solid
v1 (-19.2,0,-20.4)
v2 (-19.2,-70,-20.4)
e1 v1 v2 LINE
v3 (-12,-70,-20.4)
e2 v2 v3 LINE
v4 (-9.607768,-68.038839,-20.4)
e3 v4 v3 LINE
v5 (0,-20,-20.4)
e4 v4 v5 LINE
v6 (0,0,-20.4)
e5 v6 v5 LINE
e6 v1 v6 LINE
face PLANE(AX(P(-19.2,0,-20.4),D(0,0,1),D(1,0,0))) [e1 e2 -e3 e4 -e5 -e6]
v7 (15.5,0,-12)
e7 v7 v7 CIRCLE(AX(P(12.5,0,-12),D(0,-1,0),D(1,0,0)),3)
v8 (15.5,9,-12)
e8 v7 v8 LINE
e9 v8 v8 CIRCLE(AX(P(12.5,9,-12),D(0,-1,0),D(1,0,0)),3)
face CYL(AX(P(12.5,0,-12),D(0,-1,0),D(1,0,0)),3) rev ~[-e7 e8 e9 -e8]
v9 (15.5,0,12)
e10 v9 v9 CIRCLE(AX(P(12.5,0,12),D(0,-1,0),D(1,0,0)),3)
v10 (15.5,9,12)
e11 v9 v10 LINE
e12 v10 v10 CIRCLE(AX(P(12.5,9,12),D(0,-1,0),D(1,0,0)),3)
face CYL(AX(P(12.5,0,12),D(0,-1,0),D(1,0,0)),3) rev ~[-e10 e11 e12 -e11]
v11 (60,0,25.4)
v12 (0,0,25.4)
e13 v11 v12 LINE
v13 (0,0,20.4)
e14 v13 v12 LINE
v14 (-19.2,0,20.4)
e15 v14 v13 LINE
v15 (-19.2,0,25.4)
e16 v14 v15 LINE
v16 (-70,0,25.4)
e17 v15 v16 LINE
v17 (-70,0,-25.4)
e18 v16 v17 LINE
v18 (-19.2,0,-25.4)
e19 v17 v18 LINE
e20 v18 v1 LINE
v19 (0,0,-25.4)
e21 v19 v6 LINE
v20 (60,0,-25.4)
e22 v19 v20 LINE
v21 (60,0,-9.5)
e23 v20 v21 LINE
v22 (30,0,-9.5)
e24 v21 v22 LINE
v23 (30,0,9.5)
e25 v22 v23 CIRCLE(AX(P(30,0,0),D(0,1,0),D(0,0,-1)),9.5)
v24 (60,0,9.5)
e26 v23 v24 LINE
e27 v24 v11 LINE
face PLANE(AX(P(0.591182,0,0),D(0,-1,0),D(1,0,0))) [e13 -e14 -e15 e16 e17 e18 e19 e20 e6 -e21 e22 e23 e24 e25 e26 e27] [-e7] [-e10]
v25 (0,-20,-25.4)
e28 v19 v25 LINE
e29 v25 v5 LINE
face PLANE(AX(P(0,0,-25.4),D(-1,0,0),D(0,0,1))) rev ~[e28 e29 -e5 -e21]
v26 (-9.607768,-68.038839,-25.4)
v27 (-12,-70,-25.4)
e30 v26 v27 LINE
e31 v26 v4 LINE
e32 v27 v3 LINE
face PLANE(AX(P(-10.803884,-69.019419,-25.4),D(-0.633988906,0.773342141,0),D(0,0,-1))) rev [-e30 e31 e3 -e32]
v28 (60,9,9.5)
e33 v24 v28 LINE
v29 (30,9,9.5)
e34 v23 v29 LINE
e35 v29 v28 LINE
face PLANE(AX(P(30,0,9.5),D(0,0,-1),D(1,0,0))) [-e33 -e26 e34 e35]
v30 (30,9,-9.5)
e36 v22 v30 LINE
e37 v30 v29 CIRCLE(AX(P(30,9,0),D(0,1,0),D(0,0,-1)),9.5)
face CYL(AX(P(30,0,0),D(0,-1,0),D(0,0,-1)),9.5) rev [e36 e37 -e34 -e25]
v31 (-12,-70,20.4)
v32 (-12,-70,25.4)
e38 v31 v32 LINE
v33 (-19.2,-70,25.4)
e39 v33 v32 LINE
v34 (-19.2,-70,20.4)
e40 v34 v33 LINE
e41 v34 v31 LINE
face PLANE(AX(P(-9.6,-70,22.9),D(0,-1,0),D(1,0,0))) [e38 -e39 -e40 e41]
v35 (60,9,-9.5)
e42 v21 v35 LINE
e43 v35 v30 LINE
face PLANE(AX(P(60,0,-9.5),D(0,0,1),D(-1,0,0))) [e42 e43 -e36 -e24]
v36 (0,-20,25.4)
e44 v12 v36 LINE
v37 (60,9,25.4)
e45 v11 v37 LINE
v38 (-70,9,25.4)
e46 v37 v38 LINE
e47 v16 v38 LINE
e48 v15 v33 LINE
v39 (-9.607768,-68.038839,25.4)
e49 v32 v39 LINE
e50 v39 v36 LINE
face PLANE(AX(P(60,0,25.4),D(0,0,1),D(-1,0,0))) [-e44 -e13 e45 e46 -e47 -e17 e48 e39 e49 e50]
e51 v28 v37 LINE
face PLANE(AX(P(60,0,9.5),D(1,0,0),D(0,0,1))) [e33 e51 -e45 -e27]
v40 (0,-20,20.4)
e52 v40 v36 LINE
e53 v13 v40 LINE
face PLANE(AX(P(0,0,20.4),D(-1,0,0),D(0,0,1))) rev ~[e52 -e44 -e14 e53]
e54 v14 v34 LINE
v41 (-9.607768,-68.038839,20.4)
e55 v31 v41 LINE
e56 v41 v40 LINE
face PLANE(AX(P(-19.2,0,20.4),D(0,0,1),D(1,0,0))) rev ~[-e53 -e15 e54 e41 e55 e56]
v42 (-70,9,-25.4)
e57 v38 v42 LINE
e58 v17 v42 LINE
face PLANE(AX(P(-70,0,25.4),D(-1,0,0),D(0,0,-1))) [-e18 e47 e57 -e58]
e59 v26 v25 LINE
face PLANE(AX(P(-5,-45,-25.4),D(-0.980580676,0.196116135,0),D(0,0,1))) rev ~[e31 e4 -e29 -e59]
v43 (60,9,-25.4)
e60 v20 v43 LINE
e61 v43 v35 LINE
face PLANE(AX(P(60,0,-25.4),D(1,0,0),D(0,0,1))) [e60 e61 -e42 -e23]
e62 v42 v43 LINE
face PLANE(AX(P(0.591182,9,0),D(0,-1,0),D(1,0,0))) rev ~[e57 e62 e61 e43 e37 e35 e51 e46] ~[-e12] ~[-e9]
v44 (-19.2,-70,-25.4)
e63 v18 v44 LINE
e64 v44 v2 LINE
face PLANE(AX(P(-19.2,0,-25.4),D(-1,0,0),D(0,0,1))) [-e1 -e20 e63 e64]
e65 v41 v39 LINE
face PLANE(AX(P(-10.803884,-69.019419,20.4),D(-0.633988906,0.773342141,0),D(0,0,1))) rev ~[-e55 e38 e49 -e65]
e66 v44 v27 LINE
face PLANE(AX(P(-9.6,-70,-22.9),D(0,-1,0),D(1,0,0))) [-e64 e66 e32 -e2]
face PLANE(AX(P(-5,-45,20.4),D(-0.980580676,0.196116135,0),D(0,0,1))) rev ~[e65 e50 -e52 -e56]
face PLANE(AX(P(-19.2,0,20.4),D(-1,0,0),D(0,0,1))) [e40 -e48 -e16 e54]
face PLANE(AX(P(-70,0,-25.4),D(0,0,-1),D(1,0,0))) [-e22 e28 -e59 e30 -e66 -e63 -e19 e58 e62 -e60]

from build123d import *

# Parameters (mm, degrees)
F0_R     = 3
F0_W     = 20
F0_H     = 5
F1_DEPTH = 9
F2_W     = 19.2
F2_H     = 5
F3_DEPTH = 70
F4_SIZE2 = 50
F4_SIZE  = 10
F5_SIZE2 = 50
F5_SIZE  = 10
F6_SIZE  = 2


with BuildPart() as f1:
    # F0 (on Front) → F1 (new body)
    with BuildSketch(Plane.XZ):
        with BuildLine():
            Line((-19.2, 25.4), (-70, 25.4))
            Line((-70, 25.4), (-70, -25.4))
            Line((-70, -25.4), (-19.2, -25.4))
            Line((-19.2, -25.4), (-19.2, -20.4))
            Line((-19.2, -20.4), (0.8, -20.4))
            Line((0.8, -20.4), (0.8, -25.4))
            Line((0.8, -25.4), (60, -25.4))
            Line((60, -25.4), (60, -9.5))
            Line((60, -9.5), (30, -9.5))
            ThreePointArc((30, -9.5), (20.5, 0), (30, 9.5))
            Line((30, 9.5), (60, 9.5))
            Line((60, 9.5), (60, 25.4))
            Line((60, 25.4), (0.8, 25.4))
            Line((0.8, 25.4), (0.8, 20.4))
            Line((0.8, 20.4), (-19.2, 20.4))
            Line((-19.2, 20.4), (-19.2, 25.4))
        make_face()
        with Locations((12.5, -12)):
            Circle(F0_R, mode=Mode.SUBTRACT)
        with Locations((12.5, 12)):
            Circle(F0_R, mode=Mode.SUBTRACT)
        with Locations((-9.2, 22.9)):
            Rectangle(F0_W, F0_H)
        with Locations((-9.2, -22.9)):
            Rectangle(F0_W, F0_H)
    extrude(amount=-F1_DEPTH)

    # F2 (on face) → F3 (join)
    with BuildSketch(Plane.XZ):
        with Locations((-9.6, 22.9)):
            Rectangle(F2_W, F2_H)
        with Locations((-9.6, -22.9)):
            Rectangle(F2_W, F2_H)
    extrude(amount=F3_DEPTH)

    # F4
    f4_edges = [f1.edges().sort_by_distance(p)[0] for p in [
        (0, -70, 22.9),
    ]]
    f4_side = f1.faces().sort_by_distance((-9.6, -70, 22.9))[0]
    chamfer(f4_edges, length=F4_SIZE, length2=F4_SIZE2, reference=f4_side)

    # F5
    f5_edges = [f1.edges().sort_by_distance(p)[0] for p in [
        (0, -70, -22.9),
    ]]
    f5_side = f1.faces().sort_by_distance((-9.6, -70, -22.9))[0]
    chamfer(f5_edges, length=F5_SIZE, length2=F5_SIZE2, reference=f5_side)

    # F6
    f6_edges = [f1.edges().sort_by_distance(p)[0] for p in [
        (-10, -70, 22.9),
        (-10, -70, -22.9),
    ]]
    chamfer(f6_edges, length=F6_SIZE)


solid = f1.part
